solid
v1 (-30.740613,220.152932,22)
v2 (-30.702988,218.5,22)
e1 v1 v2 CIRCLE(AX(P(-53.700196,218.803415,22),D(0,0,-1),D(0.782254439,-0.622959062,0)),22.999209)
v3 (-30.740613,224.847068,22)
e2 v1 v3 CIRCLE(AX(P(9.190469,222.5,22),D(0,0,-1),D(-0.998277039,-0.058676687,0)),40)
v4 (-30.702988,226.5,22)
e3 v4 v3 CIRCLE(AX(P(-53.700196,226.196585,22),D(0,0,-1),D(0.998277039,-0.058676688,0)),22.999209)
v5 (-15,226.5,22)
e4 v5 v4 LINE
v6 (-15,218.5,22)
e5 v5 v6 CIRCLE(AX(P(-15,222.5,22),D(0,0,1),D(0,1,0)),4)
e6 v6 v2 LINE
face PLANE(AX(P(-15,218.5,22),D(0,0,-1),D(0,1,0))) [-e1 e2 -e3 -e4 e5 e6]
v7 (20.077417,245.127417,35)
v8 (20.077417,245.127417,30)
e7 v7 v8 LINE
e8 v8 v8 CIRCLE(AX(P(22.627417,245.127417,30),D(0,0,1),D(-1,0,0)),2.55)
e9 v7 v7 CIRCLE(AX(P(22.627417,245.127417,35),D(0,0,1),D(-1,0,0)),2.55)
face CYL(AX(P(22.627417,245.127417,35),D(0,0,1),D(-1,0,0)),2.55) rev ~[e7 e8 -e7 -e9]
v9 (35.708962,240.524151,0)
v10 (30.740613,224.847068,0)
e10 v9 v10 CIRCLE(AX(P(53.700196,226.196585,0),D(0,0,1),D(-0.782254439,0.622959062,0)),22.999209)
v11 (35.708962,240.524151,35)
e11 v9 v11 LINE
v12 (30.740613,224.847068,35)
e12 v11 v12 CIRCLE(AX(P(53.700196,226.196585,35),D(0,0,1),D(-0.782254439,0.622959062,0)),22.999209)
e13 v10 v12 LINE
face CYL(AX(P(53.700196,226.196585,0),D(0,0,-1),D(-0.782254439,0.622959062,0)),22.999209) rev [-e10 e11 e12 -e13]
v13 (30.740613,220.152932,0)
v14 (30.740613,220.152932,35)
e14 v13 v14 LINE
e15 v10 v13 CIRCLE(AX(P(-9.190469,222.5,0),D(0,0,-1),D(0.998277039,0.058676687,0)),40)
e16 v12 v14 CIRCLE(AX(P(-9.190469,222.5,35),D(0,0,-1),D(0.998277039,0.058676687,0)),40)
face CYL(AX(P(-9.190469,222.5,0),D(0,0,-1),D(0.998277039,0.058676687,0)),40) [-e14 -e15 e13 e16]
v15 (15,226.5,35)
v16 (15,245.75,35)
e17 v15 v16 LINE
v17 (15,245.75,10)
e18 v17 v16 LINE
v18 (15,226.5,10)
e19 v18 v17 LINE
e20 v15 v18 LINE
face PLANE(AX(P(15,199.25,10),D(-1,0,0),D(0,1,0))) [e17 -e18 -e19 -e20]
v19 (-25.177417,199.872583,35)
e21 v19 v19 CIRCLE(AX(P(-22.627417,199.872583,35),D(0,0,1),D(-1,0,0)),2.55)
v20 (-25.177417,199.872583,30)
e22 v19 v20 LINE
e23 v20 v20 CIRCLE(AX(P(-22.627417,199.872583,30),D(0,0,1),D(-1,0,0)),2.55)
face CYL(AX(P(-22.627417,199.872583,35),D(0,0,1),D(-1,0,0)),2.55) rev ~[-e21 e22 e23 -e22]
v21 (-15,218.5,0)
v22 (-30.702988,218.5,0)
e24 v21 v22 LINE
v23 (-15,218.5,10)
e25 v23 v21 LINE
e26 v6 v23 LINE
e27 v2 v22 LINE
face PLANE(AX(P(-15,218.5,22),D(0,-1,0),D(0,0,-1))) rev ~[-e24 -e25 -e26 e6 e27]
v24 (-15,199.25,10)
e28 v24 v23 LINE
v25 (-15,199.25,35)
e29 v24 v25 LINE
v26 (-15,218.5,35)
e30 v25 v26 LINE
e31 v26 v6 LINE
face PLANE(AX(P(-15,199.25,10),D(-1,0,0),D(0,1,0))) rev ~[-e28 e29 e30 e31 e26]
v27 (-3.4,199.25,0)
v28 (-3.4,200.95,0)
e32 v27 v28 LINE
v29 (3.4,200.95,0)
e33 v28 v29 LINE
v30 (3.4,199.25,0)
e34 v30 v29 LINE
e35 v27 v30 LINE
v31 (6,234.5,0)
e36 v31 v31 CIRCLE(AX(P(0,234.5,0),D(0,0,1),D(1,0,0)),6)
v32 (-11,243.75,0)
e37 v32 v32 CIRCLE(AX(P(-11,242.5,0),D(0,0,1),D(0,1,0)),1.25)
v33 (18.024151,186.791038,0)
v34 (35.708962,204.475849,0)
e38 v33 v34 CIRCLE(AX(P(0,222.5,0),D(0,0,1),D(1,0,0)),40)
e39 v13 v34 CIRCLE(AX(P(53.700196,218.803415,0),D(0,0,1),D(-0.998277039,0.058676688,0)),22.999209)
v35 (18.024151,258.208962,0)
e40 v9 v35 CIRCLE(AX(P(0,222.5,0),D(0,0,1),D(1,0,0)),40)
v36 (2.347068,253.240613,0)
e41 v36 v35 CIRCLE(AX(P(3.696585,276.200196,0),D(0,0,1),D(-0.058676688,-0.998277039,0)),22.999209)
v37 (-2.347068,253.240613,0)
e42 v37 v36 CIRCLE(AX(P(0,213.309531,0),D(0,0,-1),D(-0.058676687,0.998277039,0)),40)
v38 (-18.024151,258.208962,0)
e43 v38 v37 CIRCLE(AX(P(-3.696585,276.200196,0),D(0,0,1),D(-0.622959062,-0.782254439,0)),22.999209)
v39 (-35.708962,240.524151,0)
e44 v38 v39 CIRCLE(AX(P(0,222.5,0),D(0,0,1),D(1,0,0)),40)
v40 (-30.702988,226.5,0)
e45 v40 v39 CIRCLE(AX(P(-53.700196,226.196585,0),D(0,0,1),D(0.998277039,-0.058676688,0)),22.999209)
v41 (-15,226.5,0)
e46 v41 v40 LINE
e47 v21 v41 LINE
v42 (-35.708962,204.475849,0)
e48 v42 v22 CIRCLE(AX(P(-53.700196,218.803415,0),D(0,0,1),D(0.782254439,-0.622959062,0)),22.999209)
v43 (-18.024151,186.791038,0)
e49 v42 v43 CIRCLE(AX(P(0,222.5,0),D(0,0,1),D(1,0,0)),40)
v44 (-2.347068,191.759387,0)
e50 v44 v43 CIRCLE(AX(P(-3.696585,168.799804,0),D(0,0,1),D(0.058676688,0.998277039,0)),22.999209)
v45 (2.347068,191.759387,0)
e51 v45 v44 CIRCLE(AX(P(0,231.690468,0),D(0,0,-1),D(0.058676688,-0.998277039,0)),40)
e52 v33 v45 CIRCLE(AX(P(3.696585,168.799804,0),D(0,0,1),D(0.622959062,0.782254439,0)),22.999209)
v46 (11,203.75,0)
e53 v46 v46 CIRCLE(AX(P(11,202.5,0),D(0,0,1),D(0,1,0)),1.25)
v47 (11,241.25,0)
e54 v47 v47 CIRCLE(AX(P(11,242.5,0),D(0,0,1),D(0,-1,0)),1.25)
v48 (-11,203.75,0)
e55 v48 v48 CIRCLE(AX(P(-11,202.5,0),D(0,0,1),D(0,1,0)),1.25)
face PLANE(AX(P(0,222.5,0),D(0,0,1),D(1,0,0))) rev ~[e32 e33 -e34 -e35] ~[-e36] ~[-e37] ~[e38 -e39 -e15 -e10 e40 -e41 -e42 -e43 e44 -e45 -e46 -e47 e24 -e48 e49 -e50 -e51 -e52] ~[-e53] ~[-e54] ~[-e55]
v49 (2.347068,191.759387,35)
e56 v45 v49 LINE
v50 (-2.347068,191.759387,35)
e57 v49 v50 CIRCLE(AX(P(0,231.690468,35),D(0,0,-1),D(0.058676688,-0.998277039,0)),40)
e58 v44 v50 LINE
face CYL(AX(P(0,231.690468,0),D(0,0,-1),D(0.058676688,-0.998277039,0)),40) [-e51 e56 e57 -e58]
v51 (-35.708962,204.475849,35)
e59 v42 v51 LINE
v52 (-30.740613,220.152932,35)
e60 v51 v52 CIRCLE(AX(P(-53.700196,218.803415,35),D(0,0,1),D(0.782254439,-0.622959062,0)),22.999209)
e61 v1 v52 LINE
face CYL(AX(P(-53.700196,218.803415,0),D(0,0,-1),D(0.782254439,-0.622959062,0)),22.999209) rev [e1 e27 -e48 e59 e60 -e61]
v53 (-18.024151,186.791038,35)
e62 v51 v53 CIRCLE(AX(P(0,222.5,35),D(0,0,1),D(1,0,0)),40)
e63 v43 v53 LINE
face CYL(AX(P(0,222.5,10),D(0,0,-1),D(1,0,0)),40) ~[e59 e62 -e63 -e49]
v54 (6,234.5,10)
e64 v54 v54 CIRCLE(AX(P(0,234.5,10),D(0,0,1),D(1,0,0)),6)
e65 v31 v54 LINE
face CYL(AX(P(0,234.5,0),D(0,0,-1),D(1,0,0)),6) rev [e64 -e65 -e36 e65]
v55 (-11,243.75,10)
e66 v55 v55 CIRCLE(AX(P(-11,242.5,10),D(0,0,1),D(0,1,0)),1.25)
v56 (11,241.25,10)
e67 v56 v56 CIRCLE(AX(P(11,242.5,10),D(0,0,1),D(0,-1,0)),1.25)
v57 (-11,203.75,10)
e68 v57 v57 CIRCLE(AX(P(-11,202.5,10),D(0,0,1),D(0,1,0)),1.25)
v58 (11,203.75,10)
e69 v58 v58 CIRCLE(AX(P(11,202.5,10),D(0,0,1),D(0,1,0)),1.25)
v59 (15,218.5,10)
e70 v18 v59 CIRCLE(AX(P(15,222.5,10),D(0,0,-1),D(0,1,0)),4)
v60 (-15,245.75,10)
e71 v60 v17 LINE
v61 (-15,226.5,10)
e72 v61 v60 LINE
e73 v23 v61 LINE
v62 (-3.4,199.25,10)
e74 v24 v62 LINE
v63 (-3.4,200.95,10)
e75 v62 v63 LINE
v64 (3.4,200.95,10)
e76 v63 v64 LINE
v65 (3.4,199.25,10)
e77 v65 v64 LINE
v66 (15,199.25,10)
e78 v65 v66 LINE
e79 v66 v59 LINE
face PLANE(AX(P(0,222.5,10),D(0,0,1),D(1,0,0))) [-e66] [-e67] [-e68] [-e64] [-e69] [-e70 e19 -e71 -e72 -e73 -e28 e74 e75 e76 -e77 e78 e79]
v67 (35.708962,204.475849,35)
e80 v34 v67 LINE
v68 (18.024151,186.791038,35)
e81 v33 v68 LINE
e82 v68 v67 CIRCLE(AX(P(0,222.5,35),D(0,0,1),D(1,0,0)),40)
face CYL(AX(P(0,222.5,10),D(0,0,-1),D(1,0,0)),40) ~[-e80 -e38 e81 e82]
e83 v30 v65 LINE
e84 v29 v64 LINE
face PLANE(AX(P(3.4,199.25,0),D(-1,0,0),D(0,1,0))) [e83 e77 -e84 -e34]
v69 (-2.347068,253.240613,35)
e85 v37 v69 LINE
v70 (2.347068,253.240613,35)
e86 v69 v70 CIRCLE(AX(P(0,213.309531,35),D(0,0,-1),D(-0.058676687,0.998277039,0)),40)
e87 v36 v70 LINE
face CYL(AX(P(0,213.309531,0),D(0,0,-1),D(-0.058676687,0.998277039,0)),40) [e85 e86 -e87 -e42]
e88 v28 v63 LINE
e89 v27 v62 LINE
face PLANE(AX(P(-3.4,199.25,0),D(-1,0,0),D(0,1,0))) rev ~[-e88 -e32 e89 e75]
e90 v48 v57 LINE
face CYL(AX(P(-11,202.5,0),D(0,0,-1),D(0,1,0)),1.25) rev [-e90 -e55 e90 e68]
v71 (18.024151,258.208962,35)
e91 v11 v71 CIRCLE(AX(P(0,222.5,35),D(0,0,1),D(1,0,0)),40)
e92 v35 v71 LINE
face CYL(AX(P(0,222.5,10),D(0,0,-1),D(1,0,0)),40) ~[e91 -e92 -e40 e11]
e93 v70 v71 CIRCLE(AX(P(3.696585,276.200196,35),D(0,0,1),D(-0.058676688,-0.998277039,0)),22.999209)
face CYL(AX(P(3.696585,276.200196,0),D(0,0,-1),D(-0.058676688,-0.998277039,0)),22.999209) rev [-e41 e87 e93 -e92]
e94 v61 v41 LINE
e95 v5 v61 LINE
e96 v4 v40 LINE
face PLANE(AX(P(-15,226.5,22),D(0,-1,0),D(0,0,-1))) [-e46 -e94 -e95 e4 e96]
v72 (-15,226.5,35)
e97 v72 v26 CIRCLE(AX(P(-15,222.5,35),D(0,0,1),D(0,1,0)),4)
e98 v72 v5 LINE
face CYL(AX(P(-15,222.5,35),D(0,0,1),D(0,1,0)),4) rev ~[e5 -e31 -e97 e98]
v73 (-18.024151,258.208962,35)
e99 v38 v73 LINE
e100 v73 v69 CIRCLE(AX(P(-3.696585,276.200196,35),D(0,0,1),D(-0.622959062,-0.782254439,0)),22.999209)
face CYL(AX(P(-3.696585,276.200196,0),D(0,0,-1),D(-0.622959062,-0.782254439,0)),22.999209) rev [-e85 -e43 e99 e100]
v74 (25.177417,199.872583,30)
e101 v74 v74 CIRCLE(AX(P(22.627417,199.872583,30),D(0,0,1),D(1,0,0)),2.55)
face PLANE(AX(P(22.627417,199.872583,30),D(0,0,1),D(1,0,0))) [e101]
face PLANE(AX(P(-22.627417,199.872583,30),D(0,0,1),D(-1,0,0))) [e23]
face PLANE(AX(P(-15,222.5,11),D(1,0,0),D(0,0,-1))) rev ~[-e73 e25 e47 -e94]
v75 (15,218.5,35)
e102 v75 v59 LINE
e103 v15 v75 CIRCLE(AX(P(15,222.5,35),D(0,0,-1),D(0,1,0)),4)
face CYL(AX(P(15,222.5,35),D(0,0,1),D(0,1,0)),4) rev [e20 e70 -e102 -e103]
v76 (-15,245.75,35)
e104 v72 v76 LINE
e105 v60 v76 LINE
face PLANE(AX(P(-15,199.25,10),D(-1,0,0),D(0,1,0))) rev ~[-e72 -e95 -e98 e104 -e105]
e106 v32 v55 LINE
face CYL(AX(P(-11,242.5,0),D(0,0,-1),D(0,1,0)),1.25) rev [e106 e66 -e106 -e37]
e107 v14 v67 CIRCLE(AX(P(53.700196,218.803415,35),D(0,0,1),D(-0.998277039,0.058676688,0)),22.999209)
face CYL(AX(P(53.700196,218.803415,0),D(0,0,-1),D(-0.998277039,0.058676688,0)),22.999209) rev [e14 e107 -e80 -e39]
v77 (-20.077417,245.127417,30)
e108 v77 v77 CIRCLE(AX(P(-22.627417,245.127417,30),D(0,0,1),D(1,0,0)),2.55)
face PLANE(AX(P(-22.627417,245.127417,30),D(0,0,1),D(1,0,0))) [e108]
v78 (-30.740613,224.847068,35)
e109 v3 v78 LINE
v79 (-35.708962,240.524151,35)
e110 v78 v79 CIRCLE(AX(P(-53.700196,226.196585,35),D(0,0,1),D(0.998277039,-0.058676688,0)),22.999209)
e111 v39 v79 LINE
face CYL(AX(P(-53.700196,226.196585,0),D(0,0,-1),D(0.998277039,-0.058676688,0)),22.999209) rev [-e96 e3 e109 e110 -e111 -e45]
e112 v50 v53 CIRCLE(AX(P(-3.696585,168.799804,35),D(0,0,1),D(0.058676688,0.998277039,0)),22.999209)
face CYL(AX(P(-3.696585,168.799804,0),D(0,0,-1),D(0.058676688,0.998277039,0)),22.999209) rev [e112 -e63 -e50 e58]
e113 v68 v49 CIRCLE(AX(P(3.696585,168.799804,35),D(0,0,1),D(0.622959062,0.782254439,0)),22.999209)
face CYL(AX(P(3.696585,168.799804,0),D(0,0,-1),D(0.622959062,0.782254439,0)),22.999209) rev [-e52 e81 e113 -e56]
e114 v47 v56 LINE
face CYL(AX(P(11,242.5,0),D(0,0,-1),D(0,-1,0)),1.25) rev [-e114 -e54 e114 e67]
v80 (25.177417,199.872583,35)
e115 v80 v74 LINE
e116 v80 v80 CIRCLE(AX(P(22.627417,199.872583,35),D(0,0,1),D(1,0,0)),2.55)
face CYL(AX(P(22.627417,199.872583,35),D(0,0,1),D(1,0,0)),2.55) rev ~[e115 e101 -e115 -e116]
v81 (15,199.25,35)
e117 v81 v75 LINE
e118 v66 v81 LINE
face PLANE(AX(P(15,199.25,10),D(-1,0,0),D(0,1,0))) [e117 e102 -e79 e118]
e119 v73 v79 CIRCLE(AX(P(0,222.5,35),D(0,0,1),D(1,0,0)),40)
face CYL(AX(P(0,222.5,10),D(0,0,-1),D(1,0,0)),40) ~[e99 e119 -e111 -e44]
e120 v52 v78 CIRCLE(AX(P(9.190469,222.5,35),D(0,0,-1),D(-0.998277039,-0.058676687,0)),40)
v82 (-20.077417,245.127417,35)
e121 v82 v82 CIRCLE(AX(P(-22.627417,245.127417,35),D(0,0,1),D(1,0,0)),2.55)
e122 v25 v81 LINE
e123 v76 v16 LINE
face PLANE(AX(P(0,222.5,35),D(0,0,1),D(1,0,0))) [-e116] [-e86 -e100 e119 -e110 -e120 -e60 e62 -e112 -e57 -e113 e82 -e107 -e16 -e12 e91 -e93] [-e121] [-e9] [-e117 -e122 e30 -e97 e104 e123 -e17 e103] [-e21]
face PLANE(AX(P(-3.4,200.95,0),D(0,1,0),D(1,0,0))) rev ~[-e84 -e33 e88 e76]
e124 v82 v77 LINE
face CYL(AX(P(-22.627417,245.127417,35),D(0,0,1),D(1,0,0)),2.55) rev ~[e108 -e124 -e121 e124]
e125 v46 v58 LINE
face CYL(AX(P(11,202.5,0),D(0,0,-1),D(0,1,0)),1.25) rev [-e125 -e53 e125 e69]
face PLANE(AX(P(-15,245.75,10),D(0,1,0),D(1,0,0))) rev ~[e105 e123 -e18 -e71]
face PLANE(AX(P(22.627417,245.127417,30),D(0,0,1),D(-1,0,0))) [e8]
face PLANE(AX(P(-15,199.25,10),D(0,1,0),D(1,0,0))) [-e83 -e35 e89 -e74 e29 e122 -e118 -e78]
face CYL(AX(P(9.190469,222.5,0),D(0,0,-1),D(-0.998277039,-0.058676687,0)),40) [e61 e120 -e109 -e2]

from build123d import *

# Parameters (mm, degrees)
SKETCH1_R           = 40
SKETCH1_R_2         = 6
SKETCH1_W           = 6.8
SKETCH1_H           = 1.7
BOSS_EXTRUDE1_DEPTH = 10
SKETCH3_R           = 40
SKETCH3_W           = 30
SKETCH3_H           = 46.499999994
BOSS_EXTRUDE3_DEPTH = 25
CUT_EXTRUDE1_START  = -35
CUT_EXTRUDE1_DEPTH  = 35
SKETCH5_R           = 2.55
CUT_EXTRUDE2_DEPTH  = 5
CUT_EXTRUDE3_DEPTH  = 25
SKETCH8_W           = 22
SKETCH8_H           = 8
CUT_EXTRUDE4_DEPTH  = 22


with BuildPart() as part:
    # Sketch1 → Boss-Extrude1 (new body)
    with BuildSketch(Plane.XY):
        with Locations((0, 222.499999997)):
            Circle(SKETCH1_R)
        with Locations((0, 234.5)):
            Circle(SKETCH1_R_2, mode=Mode.SUBTRACT)
        with Locations((0, 200.1)):
            Rectangle(SKETCH1_W, SKETCH1_H, mode=Mode.SUBTRACT)
        with BuildLine():
            ThreePointArc((11, 243.75), (9.75, 242.5), (11, 241.25))
            ThreePointArc((11, 241.25), (12.25, 242.5), (11, 243.75))
        make_face(mode=Mode.SUBTRACT)
        with BuildLine():
            ThreePointArc((-11, 241.25), (-9.75, 242.5), (-11, 243.75))
            ThreePointArc((-11, 243.75), (-12.25, 242.5), (-11, 241.25))
        make_face(mode=Mode.SUBTRACT)
        with BuildLine():
            ThreePointArc((11, 201.25), (12.25, 202.5), (11, 203.75))
            ThreePointArc((11, 203.75), (9.75, 202.5), (11, 201.25))
        make_face(mode=Mode.SUBTRACT)
        with BuildLine():
            ThreePointArc((-11, 201.25), (-9.75, 202.5), (-11, 203.75))
            ThreePointArc((-11, 203.75), (-12.25, 202.5), (-11, 201.25))
        make_face(mode=Mode.SUBTRACT)
    extrude(amount=BOSS_EXTRUDE1_DEPTH)

    # Sketch3 → Boss-Extrude3 (add)
    with BuildSketch(Plane.XY.offset(10)):
        with Locations((0, 222.499999997)):
            Circle(SKETCH3_R)
        with Locations((0, 222.499999997)):
            Rectangle(SKETCH3_W, SKETCH3_H, mode=Mode.SUBTRACT)
    extrude(amount=BOSS_EXTRUDE3_DEPTH)

    # Sketch4 → Cut-Extrude1 (cut)
    with BuildSketch(Plane.XY.offset(35).offset(CUT_EXTRUDE1_START)):
        with BuildLine():
            ThreePointArc((40, 222.499999997), (38.912456167, 231.763949212), (35.708962247, 240.524150885))
            ThreePointArc((35.708962247, 240.524150885), (31.77566454, 233.14486234), (30.74061322, 224.84706751))
            ThreePointArc((30.74061322, 224.84706751), (30.809531665, 222.499999997), (30.74061322, 220.152932484))
            ThreePointArc((30.74061322, 220.152932484), (31.77566454, 211.855137653), (35.708962247, 204.475849108))
            ThreePointArc((35.708962247, 204.475849108), (38.912456167, 213.236050782), (40, 222.499999997))
        make_face()
        with BuildLine():
            ThreePointArc((-2.347067513, 191.759386777), (-10.644862344, 190.724335457), (-18.024150889, 186.79103775))
            ThreePointArc((-18.024150889, 186.79103775), (0, 182.499999997), (18.024150889, 186.79103775))
            ThreePointArc((18.024150889, 186.79103775), (10.644862344, 190.724335457), (2.347067513, 191.759386777))
            ThreePointArc((2.347067513, 191.759386777), (0, 191.690468331), (-2.347067513, 191.759386777))
        make_face()
        with BuildLine():
            ThreePointArc((18.024150889, 258.208962244), (0, 262.499999997), (-18.024150889, 258.208962244))
            ThreePointArc((-18.024150889, 258.208962244), (-10.644862344, 254.275664537), (-2.347067513, 253.240613217))
            ThreePointArc((-2.347067513, 253.240613217), (0, 253.309531662), (2.347067513, 253.240613217))
            ThreePointArc((2.347067513, 253.240613217), (10.644862344, 254.275664537), (18.024150889, 258.208962244))
        make_face()
        with BuildLine():
            ThreePointArc((-30.74061322, 220.152932484), (-30.809531665, 222.499999997), (-30.74061322, 224.84706751))
            ThreePointArc((-30.74061322, 224.84706751), (-31.77566454, 233.14486234), (-35.708962247, 240.524150885))
            ThreePointArc((-35.708962247, 240.524150885), (-40, 222.499999997), (-35.708962247, 204.475849108))
            ThreePointArc((-35.708962247, 204.475849108), (-31.77566454, 211.855137653), (-30.74061322, 220.152932484))
        make_face()
    extrude(amount=CUT_EXTRUDE1_DEPTH, mode=Mode.SUBTRACT)

    # Sketch5 → Cut-Extrude2 (cut)
    with BuildSketch(Plane.XY.offset(35)):
        with Locations((-22.627416998, 245.127416995)):
            Circle(SKETCH5_R)
        with Locations(Location((22.627416998, 245.127416995, 0), (0, 0, 180))):
            Circle(SKETCH5_R)
        with Locations((22.627416998, 199.872582999)):
            Circle(SKETCH5_R)
        with Locations(Location((-22.627416998, 199.872582999, 0), (0, 0, 180))):
            Circle(SKETCH5_R)
    extrude(amount=-CUT_EXTRUDE2_DEPTH, mode=Mode.SUBTRACT)

    # Sketch6 → Cut-Extrude3 (cut)
    with BuildSketch(Plane.XY.offset(35)):
        with BuildLine():
            Line((-15, 218.499999997), (-15, 226.499999997))
            ThreePointArc((-15, 226.499999997), (-19, 222.499999997), (-15, 218.499999997))
        make_face()
        with BuildLine():
            Line((15, 218.499999997), (15, 226.499999997))
            ThreePointArc((15, 226.499999997), (19, 222.499999997), (15, 218.499999997))
        make_face()
    extrude(amount=-CUT_EXTRUDE3_DEPTH, mode=Mode.SUBTRACT)

    # Sketch8 → Cut-Extrude4 (cut)
    with BuildSketch(Plane(origin=(-15, 0, 0), x_dir=(0, 0, -1), z_dir=(1, 0, 0))):
        with Locations((-11, 222.499999997)):
            Rectangle(SKETCH8_W, SKETCH8_H)
    extrude(amount=-CUT_EXTRUDE4_DEPTH, mode=Mode.SUBTRACT)


solid = part.part
